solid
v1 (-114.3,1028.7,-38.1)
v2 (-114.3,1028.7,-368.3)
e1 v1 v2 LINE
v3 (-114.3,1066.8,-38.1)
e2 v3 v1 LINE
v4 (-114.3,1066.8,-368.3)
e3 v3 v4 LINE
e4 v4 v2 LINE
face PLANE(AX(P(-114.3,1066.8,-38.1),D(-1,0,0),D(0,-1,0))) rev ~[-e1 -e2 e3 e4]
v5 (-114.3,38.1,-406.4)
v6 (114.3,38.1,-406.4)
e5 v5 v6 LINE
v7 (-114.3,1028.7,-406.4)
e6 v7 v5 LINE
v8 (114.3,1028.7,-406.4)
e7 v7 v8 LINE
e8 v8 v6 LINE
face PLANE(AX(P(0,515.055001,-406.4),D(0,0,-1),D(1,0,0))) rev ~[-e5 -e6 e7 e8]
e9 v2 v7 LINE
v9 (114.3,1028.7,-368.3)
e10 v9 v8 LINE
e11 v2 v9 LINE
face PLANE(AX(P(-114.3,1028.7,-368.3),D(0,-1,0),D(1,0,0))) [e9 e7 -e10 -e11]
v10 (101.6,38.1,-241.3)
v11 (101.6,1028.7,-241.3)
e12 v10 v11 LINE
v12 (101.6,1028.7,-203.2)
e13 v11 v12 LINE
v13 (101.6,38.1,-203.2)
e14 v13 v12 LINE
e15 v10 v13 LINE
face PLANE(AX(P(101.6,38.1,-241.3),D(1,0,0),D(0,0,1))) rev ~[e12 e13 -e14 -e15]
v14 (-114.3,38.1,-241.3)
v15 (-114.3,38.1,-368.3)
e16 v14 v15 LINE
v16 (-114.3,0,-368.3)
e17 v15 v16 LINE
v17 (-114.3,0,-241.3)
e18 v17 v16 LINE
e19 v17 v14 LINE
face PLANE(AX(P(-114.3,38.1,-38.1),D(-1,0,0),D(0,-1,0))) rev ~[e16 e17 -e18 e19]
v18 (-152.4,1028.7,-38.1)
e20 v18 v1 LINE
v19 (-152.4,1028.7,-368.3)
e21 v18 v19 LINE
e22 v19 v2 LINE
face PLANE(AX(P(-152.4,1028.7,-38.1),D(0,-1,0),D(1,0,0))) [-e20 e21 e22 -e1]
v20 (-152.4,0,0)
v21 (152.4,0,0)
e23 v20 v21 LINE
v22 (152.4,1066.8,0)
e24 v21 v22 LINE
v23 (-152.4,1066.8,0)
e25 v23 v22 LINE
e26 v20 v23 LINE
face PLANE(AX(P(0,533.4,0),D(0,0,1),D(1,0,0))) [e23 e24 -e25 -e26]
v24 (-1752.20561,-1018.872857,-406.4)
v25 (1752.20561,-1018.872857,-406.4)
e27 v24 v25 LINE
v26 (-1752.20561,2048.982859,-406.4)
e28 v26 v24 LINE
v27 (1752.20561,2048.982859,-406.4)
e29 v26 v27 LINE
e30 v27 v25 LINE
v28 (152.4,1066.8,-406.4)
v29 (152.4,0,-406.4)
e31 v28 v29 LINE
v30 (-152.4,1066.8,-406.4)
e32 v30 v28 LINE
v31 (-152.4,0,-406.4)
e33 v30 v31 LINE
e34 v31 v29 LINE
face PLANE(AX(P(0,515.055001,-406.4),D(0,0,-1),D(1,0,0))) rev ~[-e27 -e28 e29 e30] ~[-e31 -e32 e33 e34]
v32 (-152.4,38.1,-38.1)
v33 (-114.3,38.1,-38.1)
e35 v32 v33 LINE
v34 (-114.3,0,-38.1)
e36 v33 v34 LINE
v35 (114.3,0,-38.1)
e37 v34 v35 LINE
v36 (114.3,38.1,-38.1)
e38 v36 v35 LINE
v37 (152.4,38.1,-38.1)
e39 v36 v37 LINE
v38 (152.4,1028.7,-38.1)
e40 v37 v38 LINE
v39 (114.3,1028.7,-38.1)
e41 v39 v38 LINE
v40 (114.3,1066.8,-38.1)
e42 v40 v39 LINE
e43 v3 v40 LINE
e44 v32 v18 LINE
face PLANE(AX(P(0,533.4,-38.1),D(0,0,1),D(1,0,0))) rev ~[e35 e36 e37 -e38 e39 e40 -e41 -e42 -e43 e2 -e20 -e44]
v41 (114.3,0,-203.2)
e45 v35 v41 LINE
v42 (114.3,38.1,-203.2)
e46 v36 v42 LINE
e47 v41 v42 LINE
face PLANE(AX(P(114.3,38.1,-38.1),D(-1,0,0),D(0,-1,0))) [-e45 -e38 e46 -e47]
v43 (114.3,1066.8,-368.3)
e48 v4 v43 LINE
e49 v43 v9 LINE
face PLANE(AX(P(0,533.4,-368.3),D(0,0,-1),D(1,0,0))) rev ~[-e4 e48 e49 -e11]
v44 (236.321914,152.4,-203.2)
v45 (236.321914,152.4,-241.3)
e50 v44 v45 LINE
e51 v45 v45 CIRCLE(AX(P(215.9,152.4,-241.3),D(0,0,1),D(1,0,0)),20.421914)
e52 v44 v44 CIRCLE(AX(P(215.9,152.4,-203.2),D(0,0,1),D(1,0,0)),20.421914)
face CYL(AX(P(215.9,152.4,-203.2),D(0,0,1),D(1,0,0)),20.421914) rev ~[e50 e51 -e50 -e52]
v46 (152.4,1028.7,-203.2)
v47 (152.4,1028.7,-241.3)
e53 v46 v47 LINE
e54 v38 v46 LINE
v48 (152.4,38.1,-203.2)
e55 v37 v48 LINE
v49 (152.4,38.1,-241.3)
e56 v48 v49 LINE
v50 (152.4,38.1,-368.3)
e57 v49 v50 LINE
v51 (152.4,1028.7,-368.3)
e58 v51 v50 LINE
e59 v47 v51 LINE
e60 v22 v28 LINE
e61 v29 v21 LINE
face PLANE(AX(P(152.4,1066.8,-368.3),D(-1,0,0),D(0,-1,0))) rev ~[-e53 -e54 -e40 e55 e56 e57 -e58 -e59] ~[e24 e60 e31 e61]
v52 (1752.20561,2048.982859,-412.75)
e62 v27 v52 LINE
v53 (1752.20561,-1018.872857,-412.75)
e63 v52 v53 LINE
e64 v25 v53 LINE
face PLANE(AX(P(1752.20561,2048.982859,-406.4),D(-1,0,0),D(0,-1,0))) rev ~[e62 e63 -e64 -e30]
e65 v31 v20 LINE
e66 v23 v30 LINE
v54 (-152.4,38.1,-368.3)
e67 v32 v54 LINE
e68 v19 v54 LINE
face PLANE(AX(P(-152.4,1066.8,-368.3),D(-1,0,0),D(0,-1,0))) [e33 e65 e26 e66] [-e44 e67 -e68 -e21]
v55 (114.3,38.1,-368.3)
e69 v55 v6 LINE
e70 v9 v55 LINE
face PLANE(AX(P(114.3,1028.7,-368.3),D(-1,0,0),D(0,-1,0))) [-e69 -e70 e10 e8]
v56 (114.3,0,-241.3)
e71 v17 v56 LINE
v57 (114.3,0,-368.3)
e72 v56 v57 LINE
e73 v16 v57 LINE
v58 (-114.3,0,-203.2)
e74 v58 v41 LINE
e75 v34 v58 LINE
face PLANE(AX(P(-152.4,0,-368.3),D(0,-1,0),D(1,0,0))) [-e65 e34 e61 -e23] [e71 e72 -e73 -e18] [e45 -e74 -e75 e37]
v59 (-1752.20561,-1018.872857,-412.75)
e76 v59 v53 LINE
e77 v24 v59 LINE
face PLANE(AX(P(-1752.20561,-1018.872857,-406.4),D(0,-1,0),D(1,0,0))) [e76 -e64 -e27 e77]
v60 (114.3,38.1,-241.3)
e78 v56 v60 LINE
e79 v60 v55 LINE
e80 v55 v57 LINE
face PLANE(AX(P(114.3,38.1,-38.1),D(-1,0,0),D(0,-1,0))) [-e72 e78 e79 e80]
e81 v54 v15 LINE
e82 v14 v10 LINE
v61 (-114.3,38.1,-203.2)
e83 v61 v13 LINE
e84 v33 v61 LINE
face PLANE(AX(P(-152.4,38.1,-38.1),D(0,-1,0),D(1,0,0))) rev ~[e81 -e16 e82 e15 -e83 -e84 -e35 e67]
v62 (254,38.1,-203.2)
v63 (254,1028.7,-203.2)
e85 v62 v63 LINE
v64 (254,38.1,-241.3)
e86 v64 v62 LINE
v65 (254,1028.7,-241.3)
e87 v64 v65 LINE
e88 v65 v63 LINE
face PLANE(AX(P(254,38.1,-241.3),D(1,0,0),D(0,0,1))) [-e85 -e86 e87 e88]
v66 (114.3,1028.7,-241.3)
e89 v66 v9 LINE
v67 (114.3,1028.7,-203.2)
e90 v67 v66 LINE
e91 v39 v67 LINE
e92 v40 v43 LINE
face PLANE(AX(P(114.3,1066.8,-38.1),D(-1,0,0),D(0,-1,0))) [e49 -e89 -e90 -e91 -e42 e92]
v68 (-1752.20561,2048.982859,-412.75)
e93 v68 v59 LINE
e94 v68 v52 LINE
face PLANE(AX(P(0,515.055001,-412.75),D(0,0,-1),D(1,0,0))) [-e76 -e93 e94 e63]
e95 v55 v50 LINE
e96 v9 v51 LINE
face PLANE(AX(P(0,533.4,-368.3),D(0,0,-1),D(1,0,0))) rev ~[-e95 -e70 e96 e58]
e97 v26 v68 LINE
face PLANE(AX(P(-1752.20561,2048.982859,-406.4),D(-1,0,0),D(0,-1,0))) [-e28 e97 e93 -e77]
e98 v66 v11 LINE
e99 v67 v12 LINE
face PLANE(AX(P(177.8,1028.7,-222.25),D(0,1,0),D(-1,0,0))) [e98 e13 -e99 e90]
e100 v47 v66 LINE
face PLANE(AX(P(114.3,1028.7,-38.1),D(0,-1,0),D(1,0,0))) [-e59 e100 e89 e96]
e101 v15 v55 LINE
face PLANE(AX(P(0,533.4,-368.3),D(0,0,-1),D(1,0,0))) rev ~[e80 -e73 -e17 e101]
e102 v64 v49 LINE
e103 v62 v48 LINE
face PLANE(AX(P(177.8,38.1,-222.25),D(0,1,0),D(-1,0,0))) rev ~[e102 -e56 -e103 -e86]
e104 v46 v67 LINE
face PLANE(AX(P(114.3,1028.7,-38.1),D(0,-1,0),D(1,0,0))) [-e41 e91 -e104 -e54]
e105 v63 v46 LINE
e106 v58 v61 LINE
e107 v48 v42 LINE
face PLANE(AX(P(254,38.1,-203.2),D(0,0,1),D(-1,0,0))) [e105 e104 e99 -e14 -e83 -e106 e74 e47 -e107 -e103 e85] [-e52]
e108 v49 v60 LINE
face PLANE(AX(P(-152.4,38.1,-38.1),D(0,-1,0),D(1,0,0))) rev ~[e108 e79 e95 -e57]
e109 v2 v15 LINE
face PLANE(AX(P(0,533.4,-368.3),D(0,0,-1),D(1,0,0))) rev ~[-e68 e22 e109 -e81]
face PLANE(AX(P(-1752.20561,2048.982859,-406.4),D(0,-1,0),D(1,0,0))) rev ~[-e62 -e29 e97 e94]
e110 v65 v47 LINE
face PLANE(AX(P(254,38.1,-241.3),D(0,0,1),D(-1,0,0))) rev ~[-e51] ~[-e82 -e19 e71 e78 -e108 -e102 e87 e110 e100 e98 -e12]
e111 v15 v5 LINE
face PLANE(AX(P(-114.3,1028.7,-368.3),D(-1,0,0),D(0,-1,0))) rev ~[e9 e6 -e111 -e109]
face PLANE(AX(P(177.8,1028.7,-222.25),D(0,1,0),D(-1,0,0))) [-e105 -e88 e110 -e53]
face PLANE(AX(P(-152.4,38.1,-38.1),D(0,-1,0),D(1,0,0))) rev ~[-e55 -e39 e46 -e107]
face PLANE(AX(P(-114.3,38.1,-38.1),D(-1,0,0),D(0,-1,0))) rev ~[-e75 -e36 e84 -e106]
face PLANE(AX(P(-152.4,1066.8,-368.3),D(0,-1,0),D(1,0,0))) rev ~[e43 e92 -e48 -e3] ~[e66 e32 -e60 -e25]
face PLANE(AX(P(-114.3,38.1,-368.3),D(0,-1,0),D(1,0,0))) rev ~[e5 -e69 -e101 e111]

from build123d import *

# Parameters (mm, degrees)
F0_W      = 304.8
F0_H      = 1066.8
F1_DEPTH  = 38.1
F2_W      = 38.1
F2_H      = 38.1
F3_DEPTH  = 330.2
F4_W      = 304.8
F4_H      = 1066.8
F4_W_2    = 228.6
F4_H_2    = 990.6
F5_DEPTH  = 38.1
F7_W      = 38.1
F7_H      = 38.1
F8_DEPTH  = 228.6
F9_W      = 152.4
F9_H      = 38.1
F10_DEPTH = 990.6
F11_DEPTH = 990.6
F12_R     = 20.421914
F13_DEPTH = 38.1
F14_W     = 3504.41122
F14_H     = 3067.855716
F15_DEPTH = 6.35


with BuildPart() as f1:
    # F0 (on Top) → F1 (new body)
    with BuildSketch(Plane.XY):
        with Locations((0, 533.4)):
            Rectangle(F0_W, F0_H)
    extrude(amount=-F1_DEPTH)

    # F2 (on face) → F3 (join)
    with BuildSketch(Plane(origin=(0, 0, -38.1), x_dir=(1, 0, 0), z_dir=(0, 0, -1))):
        with Locations((-133.35, -19.05)):
            Rectangle(F2_W, F2_H)
        with Locations((133.35, -19.05)):
            Rectangle(F2_W, F2_H)
        with Locations((133.35, -1047.75)):
            Rectangle(F2_W, F2_H)
        with Locations((-133.35, -1047.75)):
            Rectangle(F2_W, F2_H)
    extrude(amount=F3_DEPTH)

    # F4 (on face) → F5 (join)
    with BuildSketch(Plane(origin=(0, 0, -368.3), x_dir=(1, 0, 0), z_dir=(0, 0, -1))):
        with Locations((0, -533.4)):
            Rectangle(F4_W, F4_H)
        with Locations((0, -533.4)):
            Rectangle(F4_W_2, F4_H_2, mode=Mode.SUBTRACT)
    extrude(amount=F5_DEPTH)

    # F7 (on face) → F8 (join, through all)
    with BuildSketch(Plane.YZ.offset(-114.3)):
        with Locations((19.05, -222.25)):
            Rectangle(F7_W, F7_H)
    extrude(amount=F8_DEPTH)

    # F9 (on face) → F10 (join, through all)
    with BuildSketch(Plane(origin=(0, 38.1, 0), x_dir=(-1, 0, 0), z_dir=(0, 1, 0))):
        with Locations((-177.8, -222.25)):
            Rectangle(F9_W, F9_H)
    extrude(amount=F10_DEPTH)

    # F9 (on face) → F11 (join, through all)
    with BuildSketch(Plane(origin=(0, 38.1, 0), x_dir=(-1, 0, 0), z_dir=(0, 1, 0))):
        with Locations((-177.8, -222.25)):
            Rectangle(F9_W, F9_H)
    extrude(amount=F11_DEPTH)

    # F12 (on face) → F13 (cut, through all)
    with BuildSketch(Plane.XY.offset(-203.2)):
        with Locations((215.9, 152.4)):
            Circle(F12_R)
    extrude(amount=-F13_DEPTH, mode=Mode.SUBTRACT)

    # F14 (on face) → F15 (join)
    with BuildSketch(Plane(origin=(0, 0, -406.4), x_dir=(1, 0, 0), z_dir=(0, 0, -1))):
        with Locations((0, -515.055001)):
            Rectangle(F14_W, F14_H)
    extrude(amount=F15_DEPTH)


solid = f1.part
